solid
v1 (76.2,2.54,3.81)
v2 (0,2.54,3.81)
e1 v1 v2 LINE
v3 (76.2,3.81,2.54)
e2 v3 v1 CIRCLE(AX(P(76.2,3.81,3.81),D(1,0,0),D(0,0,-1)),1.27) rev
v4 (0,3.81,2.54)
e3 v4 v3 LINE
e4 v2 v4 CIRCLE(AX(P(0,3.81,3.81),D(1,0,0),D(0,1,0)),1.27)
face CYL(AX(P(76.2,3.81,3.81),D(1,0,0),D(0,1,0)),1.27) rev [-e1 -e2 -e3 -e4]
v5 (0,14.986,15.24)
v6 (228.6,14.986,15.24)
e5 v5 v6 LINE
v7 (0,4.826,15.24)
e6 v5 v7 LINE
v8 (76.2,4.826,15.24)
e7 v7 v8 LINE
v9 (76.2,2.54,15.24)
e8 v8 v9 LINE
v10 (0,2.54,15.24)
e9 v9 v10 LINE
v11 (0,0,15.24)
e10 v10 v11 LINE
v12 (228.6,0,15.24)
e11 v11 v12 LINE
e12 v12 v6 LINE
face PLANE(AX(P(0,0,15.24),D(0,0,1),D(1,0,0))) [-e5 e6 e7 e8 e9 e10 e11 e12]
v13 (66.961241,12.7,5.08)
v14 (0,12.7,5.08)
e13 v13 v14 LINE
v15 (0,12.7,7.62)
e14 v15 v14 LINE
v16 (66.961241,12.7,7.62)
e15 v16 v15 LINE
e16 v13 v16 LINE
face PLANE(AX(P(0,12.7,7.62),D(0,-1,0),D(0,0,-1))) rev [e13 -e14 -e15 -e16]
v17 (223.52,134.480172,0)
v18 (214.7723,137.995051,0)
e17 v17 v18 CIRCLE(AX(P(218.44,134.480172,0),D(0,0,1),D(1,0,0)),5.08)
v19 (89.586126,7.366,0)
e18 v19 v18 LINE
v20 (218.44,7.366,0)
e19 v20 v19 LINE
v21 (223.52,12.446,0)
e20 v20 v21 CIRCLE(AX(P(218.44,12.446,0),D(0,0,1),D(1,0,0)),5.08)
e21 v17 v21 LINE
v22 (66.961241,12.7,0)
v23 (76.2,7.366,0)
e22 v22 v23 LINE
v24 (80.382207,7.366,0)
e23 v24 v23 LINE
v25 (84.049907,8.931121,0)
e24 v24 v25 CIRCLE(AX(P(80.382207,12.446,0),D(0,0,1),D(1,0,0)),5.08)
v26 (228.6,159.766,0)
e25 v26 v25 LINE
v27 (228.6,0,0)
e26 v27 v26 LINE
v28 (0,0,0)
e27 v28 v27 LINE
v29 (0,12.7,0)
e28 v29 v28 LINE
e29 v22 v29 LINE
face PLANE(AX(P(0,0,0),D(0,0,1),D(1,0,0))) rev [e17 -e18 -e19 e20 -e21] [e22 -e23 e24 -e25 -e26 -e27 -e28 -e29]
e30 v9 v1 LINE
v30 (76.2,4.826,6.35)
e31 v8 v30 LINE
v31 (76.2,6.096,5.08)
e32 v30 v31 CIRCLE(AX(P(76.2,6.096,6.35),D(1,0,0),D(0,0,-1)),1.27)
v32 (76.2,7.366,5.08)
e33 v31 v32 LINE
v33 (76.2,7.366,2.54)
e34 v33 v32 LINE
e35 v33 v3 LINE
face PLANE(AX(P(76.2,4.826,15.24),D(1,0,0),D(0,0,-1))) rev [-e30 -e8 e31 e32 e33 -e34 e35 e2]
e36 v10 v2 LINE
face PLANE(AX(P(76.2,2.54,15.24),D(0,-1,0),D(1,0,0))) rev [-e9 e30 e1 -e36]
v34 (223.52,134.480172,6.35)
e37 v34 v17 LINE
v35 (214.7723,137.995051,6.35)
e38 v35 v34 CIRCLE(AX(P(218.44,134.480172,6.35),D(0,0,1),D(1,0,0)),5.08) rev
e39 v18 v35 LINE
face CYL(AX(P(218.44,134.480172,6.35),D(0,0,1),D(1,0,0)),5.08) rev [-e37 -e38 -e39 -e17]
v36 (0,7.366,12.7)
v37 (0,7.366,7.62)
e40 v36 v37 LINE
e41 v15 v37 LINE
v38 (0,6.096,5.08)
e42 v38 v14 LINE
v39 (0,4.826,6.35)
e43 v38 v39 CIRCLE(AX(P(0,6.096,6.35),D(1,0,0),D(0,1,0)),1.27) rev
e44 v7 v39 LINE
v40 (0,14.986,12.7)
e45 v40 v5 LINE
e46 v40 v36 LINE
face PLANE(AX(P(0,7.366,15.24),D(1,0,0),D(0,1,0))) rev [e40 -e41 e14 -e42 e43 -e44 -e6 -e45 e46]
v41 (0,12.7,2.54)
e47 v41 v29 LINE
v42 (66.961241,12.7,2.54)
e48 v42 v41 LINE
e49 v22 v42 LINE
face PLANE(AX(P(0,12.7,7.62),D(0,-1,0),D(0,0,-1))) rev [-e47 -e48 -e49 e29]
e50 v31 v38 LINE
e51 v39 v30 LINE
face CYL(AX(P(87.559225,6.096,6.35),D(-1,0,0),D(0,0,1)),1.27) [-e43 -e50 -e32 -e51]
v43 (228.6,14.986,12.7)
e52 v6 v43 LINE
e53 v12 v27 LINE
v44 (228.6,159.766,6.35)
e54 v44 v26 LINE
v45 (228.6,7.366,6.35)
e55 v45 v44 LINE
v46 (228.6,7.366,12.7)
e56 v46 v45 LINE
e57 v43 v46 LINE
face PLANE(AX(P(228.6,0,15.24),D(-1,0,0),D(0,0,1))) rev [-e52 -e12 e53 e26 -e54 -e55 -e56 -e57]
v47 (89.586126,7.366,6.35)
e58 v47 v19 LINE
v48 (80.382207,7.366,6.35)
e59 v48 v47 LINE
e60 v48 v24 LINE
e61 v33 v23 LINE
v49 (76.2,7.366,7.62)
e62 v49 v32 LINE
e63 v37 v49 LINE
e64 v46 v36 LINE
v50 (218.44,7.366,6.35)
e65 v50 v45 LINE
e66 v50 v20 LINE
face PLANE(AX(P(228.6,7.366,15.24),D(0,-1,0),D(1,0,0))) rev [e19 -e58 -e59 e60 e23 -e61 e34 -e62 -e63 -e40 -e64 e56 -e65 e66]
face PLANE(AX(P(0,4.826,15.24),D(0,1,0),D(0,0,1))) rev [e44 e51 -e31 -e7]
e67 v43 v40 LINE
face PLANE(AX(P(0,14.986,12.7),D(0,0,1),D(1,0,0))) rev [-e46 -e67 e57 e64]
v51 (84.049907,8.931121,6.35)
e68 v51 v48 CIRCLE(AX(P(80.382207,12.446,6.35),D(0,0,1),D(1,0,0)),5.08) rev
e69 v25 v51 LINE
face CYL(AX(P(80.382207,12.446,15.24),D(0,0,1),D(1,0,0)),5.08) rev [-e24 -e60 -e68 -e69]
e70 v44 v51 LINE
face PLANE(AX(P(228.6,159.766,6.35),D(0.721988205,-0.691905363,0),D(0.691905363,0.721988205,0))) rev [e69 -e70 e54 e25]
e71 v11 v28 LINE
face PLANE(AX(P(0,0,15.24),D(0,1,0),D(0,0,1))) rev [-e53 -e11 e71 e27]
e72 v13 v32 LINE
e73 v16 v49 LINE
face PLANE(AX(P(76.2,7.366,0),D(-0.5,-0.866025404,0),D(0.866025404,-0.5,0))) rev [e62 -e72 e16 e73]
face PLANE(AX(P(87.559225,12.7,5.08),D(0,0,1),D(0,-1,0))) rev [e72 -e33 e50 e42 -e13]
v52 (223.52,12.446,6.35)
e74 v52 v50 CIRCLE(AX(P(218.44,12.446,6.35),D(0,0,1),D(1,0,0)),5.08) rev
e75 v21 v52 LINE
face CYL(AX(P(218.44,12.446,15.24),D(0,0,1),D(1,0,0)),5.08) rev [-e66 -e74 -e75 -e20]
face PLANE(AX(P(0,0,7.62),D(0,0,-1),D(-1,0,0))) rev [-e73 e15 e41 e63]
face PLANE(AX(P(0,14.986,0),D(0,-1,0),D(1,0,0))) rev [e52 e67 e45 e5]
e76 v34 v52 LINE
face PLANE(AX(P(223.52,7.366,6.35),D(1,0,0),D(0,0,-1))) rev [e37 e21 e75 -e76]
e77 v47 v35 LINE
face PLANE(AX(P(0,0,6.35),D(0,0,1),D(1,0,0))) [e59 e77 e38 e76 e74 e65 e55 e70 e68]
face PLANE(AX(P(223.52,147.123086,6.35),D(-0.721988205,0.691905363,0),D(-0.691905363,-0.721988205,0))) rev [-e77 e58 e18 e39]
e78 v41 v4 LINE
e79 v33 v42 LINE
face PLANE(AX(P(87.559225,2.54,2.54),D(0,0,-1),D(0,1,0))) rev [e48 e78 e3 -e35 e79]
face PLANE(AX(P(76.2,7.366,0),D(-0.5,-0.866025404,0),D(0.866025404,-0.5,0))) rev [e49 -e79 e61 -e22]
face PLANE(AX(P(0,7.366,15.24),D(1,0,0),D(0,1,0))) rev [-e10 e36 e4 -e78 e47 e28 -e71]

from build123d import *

# Parameters (mm, degrees)
BOSS_EXTRUDE1_DEPTH = 15.24
BOSS_EXTRUDE2_DEPTH = 6.35
SKETCH3_W           = 76.2
SKETCH3_H           = 12.7
BOSS_EXTRUDE3_DEPTH = 7.62
CUT_EXTRUDE1_DEPTH  = 76.2
CUT_EXTRUDE2_DEPTH  = 280.00035691
FILLET1_R           = 1.27
FILLET2_R           = 5.08
SKETCH6_W           = 228.6
SKETCH6_H           = 2.54
BOSS_EXTRUDE4_DEPTH = 7.62


with BuildPart() as part:
    # Sketch1 → Boss-Extrude1 (new body)
    with BuildSketch(Plane.XY):
        Polygon((0, 0), (228.6, 0), (228.6, 7.366), (0, 7.366), (0, 4.826), (76.2, 4.826), (76.2, 2.54), (0, 2.54), align=None)
    extrude(amount=BOSS_EXTRUDE1_DEPTH)

    # Sketch2 → Boss-Extrude2 (add)
    with BuildSketch(Plane.XY):
        Polygon((228.6, 7.366), (228.6, 159.766), (82.55, 7.366), (89.586126025, 7.366), (223.52, 147.123085887), (223.52, 7.366), align=None)
    extrude(amount=BOSS_EXTRUDE2_DEPTH)

    # Sketch3 → Boss-Extrude3 (add)
    with BuildSketch(Plane.XY):
        with Locations((38.1, 6.35)):
            Rectangle(SKETCH3_W, SKETCH3_H)
    extrude(amount=BOSS_EXTRUDE3_DEPTH)

    # Sketch5 → Cut-Extrude1 (cut)
    with BuildSketch(Plane.ZY):
        Polygon((7.62, 2.54), (2.54, 2.54), (2.54, 12.7), (5.08, 12.7), (5.08, 4.826), (7.62, 4.826), align=None)
    extrude(amount=-CUT_EXTRUDE1_DEPTH, mode=Mode.SUBTRACT)

    # Sketch7 → Cut-Extrude2 (cut, through all)
    with BuildSketch(Plane.XY.offset(7.62)):
        Polygon((76.2, 7.366), (66.961240992, 12.7), (76.2, 12.7), align=None)
    extrude(amount=-CUT_EXTRUDE2_DEPTH, mode=Mode.SUBTRACT)

    # Fillet1
    fillet1_edges = [part.edges().sort_by_distance(p)[0] for p in [
        (38.1, 4.826, 5.08),
        (38.1, 2.54, 2.54),
    ]]
    fillet(fillet1_edges, radius=FILLET1_R)

    # Fillet2
    fillet2_edges = [part.edges().sort_by_distance(p)[0] for p in [
        (223.52, 7.366, 3.175),
        (82.55, 7.366, 3.175),
        (223.52, 147.123085887, 3.175),
    ]]
    fillet(fillet2_edges, radius=FILLET2_R)

    # Sketch6 → Boss-Extrude4 (add)
    with BuildSketch(Plane(origin=(0, 7.366, 0), x_dir=(1, 0, 0), z_dir=(0, 1, 0))):
        with Locations((114.3, -13.97)):
            Rectangle(SKETCH6_W, SKETCH6_H)
    extrude(amount=BOSS_EXTRUDE4_DEPTH)


solid = part.part
